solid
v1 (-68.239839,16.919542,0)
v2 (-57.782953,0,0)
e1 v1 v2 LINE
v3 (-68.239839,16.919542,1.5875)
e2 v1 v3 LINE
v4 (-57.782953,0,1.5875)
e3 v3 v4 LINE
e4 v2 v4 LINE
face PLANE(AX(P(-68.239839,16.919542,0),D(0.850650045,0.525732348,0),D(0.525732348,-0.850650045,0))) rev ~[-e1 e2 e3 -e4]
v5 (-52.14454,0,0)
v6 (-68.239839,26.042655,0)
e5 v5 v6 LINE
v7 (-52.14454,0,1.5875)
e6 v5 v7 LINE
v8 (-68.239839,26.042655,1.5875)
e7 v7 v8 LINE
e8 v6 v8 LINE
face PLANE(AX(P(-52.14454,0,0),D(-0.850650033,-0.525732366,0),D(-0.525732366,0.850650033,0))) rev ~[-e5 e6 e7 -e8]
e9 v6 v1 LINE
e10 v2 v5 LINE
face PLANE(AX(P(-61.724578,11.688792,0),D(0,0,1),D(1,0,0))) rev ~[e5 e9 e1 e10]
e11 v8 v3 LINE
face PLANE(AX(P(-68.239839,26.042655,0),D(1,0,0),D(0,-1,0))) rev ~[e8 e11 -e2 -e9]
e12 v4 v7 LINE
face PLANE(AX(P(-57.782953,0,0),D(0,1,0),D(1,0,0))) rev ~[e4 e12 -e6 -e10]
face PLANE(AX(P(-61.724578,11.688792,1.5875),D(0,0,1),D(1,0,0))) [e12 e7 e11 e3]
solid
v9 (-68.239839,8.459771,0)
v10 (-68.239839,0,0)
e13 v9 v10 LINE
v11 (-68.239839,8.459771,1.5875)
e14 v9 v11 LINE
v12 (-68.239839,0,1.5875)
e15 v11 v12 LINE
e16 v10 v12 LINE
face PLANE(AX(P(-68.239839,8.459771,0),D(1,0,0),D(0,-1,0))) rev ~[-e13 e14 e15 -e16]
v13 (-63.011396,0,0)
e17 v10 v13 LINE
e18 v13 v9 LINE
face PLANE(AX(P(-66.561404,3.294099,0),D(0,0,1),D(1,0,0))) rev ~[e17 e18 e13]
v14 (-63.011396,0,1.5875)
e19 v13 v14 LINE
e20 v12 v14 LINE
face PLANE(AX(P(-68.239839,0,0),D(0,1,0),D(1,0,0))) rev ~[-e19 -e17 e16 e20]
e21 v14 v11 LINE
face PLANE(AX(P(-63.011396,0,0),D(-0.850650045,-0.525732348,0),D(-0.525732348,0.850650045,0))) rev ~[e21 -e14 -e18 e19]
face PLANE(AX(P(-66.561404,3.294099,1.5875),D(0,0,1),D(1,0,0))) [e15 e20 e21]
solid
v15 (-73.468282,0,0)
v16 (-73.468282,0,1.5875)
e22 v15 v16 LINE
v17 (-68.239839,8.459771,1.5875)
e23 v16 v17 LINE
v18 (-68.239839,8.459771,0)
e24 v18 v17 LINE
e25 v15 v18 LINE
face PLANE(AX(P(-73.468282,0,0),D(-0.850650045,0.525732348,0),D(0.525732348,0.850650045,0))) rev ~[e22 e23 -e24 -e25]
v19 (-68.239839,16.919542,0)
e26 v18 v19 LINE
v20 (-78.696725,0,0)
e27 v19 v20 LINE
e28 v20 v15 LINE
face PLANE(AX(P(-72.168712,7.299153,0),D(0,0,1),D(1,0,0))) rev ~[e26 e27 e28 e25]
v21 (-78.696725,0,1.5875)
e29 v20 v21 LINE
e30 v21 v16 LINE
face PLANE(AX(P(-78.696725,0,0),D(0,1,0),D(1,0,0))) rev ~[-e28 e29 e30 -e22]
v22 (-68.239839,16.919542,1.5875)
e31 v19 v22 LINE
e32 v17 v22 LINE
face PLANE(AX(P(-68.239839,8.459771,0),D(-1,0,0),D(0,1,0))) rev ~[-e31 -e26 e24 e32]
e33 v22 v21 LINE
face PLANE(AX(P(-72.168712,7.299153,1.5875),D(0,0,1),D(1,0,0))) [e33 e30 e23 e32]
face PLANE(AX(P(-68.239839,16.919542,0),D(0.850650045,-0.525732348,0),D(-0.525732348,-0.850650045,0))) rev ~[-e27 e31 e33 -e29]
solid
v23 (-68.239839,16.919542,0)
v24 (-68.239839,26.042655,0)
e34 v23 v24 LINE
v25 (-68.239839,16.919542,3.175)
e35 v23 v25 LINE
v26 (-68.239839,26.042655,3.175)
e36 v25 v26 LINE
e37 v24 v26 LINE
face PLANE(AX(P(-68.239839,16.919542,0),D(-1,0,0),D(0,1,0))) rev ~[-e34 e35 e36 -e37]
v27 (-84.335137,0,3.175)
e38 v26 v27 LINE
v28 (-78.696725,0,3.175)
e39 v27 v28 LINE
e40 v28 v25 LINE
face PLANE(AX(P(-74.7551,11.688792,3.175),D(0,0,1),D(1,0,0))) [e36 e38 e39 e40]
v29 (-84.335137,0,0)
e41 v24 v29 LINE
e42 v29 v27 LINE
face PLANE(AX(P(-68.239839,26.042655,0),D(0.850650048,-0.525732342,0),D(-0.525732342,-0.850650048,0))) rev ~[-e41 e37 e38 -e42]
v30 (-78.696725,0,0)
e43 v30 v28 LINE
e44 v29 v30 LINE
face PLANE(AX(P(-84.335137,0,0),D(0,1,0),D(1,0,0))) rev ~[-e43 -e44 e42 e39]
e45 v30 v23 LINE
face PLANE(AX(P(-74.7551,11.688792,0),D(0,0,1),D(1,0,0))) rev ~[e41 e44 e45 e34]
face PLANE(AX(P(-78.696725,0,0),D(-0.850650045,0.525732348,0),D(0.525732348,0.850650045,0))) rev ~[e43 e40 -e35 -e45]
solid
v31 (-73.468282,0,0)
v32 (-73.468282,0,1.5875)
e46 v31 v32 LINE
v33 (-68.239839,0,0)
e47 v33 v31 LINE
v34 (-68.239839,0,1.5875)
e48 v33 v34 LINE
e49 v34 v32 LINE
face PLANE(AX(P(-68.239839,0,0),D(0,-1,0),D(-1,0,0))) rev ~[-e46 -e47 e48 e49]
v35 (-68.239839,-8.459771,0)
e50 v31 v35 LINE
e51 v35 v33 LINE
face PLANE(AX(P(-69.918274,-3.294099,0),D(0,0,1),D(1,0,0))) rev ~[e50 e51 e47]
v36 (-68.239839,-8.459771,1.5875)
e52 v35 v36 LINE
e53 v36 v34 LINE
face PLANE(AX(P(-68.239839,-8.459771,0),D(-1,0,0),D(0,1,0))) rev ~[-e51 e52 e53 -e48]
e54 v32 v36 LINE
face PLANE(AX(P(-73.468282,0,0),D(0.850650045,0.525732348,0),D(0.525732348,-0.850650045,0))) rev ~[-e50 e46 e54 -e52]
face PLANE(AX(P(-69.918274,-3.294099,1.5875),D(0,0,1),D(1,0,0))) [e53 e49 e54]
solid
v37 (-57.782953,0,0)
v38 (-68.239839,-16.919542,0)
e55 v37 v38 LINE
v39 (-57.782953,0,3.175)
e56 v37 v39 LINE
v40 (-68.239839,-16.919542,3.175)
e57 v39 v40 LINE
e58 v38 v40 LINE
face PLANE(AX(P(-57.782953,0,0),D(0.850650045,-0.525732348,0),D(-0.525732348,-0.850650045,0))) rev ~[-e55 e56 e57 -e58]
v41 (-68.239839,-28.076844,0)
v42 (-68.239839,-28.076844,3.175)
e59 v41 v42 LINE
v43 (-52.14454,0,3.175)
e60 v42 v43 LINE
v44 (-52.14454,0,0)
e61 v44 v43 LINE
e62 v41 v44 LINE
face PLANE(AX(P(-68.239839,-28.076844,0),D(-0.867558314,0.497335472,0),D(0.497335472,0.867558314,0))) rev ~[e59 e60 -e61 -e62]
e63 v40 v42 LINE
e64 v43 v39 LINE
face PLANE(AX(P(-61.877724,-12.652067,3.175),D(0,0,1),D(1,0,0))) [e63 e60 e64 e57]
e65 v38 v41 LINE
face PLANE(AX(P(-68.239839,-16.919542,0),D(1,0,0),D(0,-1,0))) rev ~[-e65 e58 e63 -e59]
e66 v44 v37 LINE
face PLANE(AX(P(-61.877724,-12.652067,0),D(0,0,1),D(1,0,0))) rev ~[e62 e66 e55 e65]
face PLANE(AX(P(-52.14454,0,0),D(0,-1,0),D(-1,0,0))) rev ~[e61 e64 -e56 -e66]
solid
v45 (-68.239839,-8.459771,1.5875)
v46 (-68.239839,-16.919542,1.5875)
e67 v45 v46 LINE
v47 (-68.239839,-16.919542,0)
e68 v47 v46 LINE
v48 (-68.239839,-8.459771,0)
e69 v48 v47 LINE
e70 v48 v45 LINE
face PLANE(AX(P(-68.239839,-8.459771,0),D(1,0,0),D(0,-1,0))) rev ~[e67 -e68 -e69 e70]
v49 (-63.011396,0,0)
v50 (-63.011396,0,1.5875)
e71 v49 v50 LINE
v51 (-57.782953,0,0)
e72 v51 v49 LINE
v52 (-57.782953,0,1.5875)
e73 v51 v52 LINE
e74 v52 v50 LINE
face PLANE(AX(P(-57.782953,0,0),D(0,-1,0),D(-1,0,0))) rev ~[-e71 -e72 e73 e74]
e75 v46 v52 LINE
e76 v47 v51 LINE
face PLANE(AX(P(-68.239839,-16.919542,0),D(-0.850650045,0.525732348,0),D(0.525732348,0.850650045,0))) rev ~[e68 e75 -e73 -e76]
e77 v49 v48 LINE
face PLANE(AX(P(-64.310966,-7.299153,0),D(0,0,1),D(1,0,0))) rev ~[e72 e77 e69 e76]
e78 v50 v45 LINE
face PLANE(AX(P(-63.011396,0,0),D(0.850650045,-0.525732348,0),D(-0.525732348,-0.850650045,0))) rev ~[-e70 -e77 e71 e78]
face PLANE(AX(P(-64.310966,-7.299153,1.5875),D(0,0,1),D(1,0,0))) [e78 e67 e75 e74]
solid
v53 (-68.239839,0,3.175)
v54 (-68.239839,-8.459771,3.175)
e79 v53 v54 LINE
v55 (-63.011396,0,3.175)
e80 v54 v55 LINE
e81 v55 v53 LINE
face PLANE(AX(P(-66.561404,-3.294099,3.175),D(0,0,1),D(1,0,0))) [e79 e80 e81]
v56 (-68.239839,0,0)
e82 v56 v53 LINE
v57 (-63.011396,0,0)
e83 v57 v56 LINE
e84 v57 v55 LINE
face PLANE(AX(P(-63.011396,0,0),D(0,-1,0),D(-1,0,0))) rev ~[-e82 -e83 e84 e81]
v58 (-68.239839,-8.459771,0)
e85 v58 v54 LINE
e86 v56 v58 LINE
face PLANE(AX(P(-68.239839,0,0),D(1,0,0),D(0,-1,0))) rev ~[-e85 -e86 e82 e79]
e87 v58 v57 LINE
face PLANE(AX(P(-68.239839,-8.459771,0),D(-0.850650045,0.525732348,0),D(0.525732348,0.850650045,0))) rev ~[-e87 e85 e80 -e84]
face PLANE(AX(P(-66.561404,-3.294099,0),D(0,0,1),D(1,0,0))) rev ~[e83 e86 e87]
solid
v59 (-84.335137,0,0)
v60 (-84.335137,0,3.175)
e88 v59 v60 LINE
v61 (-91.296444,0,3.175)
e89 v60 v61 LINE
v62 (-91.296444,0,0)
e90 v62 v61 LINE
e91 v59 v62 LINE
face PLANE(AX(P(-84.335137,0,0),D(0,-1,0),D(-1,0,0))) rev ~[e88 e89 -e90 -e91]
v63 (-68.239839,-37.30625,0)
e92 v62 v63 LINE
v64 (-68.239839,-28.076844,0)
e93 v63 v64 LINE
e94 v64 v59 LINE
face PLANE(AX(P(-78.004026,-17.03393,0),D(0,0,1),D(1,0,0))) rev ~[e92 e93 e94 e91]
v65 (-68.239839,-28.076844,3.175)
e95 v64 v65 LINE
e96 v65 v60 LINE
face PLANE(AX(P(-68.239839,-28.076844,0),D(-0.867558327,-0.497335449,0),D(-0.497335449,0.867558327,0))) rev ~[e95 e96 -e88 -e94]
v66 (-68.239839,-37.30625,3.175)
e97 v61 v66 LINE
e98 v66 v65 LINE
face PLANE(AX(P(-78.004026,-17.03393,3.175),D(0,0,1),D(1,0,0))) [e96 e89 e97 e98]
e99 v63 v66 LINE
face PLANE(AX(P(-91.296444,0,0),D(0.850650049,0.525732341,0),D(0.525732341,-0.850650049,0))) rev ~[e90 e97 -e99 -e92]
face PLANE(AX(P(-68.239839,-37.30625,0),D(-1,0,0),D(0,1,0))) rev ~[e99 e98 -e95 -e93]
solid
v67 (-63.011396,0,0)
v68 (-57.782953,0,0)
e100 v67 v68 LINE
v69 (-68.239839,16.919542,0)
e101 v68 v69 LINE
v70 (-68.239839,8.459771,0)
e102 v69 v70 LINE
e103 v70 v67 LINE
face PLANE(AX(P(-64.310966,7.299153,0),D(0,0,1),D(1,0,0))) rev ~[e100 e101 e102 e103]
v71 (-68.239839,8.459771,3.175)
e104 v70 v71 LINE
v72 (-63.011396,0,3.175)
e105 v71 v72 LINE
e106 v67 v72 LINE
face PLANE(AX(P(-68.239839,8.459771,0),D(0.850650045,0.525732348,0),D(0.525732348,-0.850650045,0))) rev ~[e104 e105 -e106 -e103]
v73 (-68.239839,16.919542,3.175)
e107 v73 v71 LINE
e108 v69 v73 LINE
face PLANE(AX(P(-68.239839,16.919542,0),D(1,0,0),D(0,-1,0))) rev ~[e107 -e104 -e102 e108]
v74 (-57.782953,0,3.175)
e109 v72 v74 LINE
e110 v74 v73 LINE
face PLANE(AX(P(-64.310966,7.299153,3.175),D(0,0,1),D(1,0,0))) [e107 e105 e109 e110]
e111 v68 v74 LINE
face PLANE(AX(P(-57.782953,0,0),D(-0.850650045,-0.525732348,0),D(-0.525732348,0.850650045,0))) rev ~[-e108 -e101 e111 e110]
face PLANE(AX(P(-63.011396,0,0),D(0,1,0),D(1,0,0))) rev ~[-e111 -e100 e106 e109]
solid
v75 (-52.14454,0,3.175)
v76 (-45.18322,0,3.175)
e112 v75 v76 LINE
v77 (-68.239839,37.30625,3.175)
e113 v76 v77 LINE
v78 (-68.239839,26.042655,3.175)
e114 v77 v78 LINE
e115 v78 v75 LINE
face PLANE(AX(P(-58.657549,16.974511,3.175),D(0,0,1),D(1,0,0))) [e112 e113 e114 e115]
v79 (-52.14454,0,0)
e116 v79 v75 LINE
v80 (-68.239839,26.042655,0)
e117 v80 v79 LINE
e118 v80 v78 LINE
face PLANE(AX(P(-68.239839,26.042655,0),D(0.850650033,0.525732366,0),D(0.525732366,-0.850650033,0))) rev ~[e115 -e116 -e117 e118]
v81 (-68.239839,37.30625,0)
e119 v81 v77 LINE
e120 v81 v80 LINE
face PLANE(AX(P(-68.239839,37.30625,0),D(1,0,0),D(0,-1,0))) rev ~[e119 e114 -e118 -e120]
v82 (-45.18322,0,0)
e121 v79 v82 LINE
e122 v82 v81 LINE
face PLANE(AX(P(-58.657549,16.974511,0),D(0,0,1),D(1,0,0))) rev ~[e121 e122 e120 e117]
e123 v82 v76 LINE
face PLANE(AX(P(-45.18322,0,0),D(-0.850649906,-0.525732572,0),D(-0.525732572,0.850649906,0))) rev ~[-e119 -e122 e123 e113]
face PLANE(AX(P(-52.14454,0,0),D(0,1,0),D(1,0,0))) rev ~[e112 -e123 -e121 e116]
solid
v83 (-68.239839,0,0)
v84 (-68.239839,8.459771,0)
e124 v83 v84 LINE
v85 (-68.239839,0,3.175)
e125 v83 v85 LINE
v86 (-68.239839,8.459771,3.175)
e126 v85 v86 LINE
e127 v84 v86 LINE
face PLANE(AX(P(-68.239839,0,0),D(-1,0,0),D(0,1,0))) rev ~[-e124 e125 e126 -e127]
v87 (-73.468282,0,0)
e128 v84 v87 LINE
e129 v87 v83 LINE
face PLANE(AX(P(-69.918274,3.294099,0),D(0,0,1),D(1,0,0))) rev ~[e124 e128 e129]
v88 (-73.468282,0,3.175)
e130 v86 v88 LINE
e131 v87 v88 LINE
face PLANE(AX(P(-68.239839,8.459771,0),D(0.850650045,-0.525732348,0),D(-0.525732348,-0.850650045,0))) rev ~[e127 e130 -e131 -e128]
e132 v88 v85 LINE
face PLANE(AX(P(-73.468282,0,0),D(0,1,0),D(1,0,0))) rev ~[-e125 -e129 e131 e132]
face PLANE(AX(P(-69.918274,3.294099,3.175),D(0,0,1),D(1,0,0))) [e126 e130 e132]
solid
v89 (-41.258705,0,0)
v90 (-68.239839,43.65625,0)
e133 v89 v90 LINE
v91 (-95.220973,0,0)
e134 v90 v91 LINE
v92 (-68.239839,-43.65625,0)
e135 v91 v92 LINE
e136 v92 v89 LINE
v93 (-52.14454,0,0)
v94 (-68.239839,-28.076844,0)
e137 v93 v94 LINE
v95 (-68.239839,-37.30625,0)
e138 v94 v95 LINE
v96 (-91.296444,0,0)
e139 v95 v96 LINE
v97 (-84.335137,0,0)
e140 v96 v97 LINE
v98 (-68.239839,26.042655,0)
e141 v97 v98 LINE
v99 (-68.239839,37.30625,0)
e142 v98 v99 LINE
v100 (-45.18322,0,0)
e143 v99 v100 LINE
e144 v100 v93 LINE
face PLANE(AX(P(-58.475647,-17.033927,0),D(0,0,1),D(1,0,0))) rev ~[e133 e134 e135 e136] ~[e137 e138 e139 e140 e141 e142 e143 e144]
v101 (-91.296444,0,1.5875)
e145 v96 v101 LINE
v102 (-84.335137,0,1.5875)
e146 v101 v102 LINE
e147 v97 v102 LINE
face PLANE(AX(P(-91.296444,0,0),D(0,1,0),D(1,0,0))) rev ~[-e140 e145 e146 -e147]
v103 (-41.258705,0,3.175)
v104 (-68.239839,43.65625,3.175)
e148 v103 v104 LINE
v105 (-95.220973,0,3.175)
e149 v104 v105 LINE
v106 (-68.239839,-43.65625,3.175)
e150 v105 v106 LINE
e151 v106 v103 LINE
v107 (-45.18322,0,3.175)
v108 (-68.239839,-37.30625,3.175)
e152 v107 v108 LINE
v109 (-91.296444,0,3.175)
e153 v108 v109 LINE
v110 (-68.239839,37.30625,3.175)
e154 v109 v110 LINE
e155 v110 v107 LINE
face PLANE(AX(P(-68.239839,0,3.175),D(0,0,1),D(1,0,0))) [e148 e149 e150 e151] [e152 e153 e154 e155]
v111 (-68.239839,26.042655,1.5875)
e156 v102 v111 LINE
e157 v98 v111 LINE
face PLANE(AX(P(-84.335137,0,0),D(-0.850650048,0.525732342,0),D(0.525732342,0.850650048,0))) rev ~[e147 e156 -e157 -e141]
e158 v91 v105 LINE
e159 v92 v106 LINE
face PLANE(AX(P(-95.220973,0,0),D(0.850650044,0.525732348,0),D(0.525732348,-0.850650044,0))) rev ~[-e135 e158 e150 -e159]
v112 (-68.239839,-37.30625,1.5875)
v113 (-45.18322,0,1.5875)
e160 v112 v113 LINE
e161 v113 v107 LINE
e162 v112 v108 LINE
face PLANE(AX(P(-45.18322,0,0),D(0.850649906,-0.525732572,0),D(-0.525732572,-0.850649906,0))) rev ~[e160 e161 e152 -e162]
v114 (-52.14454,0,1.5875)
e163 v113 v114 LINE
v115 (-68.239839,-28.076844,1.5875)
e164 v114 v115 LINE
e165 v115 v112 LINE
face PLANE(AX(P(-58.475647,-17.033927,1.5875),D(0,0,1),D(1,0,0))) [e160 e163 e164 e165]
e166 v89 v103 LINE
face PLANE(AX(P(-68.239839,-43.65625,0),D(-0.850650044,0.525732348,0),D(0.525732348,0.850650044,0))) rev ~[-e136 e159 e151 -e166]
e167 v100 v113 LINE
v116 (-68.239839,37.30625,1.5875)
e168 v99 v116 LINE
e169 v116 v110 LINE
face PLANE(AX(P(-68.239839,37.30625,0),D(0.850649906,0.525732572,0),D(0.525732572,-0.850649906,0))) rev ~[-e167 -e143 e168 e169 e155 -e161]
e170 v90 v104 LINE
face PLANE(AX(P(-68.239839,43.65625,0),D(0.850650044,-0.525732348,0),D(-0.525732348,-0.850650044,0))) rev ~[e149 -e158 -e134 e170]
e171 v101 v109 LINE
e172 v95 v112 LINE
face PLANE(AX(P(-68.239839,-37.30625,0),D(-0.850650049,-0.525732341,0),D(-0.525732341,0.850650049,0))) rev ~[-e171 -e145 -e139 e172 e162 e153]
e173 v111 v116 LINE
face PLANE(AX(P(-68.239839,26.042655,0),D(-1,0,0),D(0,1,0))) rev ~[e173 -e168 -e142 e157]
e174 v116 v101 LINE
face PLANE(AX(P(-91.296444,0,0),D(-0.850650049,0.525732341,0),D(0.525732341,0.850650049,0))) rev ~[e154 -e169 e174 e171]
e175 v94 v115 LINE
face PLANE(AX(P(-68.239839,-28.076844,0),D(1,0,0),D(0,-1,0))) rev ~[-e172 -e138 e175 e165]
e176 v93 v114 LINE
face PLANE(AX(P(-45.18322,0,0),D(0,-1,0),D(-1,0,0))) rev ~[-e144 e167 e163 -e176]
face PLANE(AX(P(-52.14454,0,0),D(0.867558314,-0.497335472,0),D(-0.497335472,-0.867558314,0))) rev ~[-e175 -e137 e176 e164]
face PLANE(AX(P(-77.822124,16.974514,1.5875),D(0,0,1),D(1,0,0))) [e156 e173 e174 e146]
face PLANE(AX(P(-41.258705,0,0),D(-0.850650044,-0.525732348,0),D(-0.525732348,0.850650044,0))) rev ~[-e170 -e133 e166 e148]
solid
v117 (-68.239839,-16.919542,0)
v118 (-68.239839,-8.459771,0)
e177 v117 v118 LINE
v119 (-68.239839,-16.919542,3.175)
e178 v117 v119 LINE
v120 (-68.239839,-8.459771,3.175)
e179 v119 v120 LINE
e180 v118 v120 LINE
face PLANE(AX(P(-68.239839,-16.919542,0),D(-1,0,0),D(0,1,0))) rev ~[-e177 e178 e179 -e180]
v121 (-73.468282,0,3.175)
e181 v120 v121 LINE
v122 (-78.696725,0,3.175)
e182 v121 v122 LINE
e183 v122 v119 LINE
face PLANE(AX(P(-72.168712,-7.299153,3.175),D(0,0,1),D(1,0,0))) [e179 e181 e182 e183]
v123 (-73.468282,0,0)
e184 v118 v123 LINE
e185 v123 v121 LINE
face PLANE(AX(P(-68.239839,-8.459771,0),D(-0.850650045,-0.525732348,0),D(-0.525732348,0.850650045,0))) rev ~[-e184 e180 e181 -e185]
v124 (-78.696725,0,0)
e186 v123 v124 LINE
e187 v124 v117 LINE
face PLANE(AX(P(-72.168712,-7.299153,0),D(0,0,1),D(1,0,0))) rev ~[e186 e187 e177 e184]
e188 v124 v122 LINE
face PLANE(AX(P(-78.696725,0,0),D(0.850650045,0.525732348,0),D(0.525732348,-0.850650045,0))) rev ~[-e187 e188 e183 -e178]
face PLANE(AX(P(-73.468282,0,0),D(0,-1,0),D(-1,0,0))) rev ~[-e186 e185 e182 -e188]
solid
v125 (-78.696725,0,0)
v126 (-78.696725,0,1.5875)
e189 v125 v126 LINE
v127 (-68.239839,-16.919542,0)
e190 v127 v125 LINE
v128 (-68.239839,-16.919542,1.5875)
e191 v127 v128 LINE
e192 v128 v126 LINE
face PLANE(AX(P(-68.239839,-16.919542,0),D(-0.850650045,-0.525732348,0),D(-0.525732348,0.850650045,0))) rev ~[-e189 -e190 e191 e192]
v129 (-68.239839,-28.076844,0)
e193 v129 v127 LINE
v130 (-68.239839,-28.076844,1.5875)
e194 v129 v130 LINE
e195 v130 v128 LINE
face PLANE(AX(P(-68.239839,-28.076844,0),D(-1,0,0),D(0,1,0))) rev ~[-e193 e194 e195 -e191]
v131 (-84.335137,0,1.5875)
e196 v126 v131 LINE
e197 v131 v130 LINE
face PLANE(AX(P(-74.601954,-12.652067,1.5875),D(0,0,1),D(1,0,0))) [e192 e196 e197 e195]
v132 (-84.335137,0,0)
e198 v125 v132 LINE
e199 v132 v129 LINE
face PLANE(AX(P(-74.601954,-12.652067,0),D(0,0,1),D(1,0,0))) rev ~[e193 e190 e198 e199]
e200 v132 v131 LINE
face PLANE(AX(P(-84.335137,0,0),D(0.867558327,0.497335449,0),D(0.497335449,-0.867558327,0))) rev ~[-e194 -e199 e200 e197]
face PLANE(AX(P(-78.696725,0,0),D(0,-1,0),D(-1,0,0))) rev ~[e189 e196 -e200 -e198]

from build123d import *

# Parameters (mm, degrees)
F1_DEPTH = 3.175
F2_DEPTH = 1.5875
F3_DEPTH = 3.175


with BuildPart() as f1:
    # F0 (on Top) → F1 (new body)
    with BuildSketch(Plane.XY):
        Polygon((-41.258705, 0), (-68.239839, 43.65625), (-95.220973, 0), (-68.239839, -43.65625), align=None)
        Polygon((-68.239839, 37.30625), (-45.18322, 0), (-68.239839, -37.30625), (-91.296444, 0), align=None, mode=Mode.SUBTRACT)
    extrude(amount=F1_DEPTH)

    # F0 (on Top) → F2 (join)
    with BuildSketch(Plane.XY):
        Polygon((-57.782953, 0), (-52.14454, 0), (-68.239839, 26.042655), (-68.239839, 16.919542), align=None)
        Polygon((-68.239839, 0), (-63.011396, 0), (-68.239839, 8.459771), align=None)
        Polygon((-68.239839, 8.459771), (-68.239839, 16.919542), (-78.696725, 0), (-73.468282, 0), align=None)
        Polygon((-68.239839, 26.042655), (-68.239839, 37.30625), (-91.296444, 0), (-84.335137, 0), align=None)
        Polygon((-84.335137, 0), (-68.239839, -28.076844), (-68.239839, -16.919542), (-78.696725, 0), align=None)
        Polygon((-73.468282, 0), (-68.239839, -8.459771), (-68.239839, 0), align=None)
        Polygon((-68.239839, -16.919542), (-57.782953, 0), (-63.011396, 0), (-68.239839, -8.459771), align=None)
        Polygon((-68.239839, -37.30625), (-45.18322, 0), (-52.14454, 0), (-68.239839, -28.076844), align=None)
    extrude(amount=F2_DEPTH)


with BuildPart() as f3:
    # F0 (on Top) → F3 (new body)
    with BuildSketch(Plane.XY):
        Polygon((-52.14454, 0), (-45.18322, 0), (-68.239839, 37.30625), (-68.239839, 26.042655), align=None)
        Polygon((-63.011396, 0), (-57.782953, 0), (-68.239839, 16.919542), (-68.239839, 8.459771), align=None)
        Polygon((-68.239839, 0), (-68.239839, 8.459771), (-73.468282, 0), align=None)
        Polygon((-68.239839, 16.919542), (-68.239839, 26.042655), (-84.335137, 0), (-78.696725, 0), align=None)
        Polygon((-91.296444, 0), (-68.239839, -37.30625), (-68.239839, -28.076844), (-84.335137, 0), align=None)
        Polygon((-78.696725, 0), (-68.239839, -16.919542), (-68.239839, -8.459771), (-73.468282, 0), align=None)
        Polygon((-68.239839, -8.459771), (-63.011396, 0), (-68.239839, 0), align=None)
        Polygon((-68.239839, -28.076844), (-52.14454, 0), (-57.782953, 0), (-68.239839, -16.919542), align=None)
    extrude(amount=F3_DEPTH)


solid = Compound([f1.part, f3.part])
